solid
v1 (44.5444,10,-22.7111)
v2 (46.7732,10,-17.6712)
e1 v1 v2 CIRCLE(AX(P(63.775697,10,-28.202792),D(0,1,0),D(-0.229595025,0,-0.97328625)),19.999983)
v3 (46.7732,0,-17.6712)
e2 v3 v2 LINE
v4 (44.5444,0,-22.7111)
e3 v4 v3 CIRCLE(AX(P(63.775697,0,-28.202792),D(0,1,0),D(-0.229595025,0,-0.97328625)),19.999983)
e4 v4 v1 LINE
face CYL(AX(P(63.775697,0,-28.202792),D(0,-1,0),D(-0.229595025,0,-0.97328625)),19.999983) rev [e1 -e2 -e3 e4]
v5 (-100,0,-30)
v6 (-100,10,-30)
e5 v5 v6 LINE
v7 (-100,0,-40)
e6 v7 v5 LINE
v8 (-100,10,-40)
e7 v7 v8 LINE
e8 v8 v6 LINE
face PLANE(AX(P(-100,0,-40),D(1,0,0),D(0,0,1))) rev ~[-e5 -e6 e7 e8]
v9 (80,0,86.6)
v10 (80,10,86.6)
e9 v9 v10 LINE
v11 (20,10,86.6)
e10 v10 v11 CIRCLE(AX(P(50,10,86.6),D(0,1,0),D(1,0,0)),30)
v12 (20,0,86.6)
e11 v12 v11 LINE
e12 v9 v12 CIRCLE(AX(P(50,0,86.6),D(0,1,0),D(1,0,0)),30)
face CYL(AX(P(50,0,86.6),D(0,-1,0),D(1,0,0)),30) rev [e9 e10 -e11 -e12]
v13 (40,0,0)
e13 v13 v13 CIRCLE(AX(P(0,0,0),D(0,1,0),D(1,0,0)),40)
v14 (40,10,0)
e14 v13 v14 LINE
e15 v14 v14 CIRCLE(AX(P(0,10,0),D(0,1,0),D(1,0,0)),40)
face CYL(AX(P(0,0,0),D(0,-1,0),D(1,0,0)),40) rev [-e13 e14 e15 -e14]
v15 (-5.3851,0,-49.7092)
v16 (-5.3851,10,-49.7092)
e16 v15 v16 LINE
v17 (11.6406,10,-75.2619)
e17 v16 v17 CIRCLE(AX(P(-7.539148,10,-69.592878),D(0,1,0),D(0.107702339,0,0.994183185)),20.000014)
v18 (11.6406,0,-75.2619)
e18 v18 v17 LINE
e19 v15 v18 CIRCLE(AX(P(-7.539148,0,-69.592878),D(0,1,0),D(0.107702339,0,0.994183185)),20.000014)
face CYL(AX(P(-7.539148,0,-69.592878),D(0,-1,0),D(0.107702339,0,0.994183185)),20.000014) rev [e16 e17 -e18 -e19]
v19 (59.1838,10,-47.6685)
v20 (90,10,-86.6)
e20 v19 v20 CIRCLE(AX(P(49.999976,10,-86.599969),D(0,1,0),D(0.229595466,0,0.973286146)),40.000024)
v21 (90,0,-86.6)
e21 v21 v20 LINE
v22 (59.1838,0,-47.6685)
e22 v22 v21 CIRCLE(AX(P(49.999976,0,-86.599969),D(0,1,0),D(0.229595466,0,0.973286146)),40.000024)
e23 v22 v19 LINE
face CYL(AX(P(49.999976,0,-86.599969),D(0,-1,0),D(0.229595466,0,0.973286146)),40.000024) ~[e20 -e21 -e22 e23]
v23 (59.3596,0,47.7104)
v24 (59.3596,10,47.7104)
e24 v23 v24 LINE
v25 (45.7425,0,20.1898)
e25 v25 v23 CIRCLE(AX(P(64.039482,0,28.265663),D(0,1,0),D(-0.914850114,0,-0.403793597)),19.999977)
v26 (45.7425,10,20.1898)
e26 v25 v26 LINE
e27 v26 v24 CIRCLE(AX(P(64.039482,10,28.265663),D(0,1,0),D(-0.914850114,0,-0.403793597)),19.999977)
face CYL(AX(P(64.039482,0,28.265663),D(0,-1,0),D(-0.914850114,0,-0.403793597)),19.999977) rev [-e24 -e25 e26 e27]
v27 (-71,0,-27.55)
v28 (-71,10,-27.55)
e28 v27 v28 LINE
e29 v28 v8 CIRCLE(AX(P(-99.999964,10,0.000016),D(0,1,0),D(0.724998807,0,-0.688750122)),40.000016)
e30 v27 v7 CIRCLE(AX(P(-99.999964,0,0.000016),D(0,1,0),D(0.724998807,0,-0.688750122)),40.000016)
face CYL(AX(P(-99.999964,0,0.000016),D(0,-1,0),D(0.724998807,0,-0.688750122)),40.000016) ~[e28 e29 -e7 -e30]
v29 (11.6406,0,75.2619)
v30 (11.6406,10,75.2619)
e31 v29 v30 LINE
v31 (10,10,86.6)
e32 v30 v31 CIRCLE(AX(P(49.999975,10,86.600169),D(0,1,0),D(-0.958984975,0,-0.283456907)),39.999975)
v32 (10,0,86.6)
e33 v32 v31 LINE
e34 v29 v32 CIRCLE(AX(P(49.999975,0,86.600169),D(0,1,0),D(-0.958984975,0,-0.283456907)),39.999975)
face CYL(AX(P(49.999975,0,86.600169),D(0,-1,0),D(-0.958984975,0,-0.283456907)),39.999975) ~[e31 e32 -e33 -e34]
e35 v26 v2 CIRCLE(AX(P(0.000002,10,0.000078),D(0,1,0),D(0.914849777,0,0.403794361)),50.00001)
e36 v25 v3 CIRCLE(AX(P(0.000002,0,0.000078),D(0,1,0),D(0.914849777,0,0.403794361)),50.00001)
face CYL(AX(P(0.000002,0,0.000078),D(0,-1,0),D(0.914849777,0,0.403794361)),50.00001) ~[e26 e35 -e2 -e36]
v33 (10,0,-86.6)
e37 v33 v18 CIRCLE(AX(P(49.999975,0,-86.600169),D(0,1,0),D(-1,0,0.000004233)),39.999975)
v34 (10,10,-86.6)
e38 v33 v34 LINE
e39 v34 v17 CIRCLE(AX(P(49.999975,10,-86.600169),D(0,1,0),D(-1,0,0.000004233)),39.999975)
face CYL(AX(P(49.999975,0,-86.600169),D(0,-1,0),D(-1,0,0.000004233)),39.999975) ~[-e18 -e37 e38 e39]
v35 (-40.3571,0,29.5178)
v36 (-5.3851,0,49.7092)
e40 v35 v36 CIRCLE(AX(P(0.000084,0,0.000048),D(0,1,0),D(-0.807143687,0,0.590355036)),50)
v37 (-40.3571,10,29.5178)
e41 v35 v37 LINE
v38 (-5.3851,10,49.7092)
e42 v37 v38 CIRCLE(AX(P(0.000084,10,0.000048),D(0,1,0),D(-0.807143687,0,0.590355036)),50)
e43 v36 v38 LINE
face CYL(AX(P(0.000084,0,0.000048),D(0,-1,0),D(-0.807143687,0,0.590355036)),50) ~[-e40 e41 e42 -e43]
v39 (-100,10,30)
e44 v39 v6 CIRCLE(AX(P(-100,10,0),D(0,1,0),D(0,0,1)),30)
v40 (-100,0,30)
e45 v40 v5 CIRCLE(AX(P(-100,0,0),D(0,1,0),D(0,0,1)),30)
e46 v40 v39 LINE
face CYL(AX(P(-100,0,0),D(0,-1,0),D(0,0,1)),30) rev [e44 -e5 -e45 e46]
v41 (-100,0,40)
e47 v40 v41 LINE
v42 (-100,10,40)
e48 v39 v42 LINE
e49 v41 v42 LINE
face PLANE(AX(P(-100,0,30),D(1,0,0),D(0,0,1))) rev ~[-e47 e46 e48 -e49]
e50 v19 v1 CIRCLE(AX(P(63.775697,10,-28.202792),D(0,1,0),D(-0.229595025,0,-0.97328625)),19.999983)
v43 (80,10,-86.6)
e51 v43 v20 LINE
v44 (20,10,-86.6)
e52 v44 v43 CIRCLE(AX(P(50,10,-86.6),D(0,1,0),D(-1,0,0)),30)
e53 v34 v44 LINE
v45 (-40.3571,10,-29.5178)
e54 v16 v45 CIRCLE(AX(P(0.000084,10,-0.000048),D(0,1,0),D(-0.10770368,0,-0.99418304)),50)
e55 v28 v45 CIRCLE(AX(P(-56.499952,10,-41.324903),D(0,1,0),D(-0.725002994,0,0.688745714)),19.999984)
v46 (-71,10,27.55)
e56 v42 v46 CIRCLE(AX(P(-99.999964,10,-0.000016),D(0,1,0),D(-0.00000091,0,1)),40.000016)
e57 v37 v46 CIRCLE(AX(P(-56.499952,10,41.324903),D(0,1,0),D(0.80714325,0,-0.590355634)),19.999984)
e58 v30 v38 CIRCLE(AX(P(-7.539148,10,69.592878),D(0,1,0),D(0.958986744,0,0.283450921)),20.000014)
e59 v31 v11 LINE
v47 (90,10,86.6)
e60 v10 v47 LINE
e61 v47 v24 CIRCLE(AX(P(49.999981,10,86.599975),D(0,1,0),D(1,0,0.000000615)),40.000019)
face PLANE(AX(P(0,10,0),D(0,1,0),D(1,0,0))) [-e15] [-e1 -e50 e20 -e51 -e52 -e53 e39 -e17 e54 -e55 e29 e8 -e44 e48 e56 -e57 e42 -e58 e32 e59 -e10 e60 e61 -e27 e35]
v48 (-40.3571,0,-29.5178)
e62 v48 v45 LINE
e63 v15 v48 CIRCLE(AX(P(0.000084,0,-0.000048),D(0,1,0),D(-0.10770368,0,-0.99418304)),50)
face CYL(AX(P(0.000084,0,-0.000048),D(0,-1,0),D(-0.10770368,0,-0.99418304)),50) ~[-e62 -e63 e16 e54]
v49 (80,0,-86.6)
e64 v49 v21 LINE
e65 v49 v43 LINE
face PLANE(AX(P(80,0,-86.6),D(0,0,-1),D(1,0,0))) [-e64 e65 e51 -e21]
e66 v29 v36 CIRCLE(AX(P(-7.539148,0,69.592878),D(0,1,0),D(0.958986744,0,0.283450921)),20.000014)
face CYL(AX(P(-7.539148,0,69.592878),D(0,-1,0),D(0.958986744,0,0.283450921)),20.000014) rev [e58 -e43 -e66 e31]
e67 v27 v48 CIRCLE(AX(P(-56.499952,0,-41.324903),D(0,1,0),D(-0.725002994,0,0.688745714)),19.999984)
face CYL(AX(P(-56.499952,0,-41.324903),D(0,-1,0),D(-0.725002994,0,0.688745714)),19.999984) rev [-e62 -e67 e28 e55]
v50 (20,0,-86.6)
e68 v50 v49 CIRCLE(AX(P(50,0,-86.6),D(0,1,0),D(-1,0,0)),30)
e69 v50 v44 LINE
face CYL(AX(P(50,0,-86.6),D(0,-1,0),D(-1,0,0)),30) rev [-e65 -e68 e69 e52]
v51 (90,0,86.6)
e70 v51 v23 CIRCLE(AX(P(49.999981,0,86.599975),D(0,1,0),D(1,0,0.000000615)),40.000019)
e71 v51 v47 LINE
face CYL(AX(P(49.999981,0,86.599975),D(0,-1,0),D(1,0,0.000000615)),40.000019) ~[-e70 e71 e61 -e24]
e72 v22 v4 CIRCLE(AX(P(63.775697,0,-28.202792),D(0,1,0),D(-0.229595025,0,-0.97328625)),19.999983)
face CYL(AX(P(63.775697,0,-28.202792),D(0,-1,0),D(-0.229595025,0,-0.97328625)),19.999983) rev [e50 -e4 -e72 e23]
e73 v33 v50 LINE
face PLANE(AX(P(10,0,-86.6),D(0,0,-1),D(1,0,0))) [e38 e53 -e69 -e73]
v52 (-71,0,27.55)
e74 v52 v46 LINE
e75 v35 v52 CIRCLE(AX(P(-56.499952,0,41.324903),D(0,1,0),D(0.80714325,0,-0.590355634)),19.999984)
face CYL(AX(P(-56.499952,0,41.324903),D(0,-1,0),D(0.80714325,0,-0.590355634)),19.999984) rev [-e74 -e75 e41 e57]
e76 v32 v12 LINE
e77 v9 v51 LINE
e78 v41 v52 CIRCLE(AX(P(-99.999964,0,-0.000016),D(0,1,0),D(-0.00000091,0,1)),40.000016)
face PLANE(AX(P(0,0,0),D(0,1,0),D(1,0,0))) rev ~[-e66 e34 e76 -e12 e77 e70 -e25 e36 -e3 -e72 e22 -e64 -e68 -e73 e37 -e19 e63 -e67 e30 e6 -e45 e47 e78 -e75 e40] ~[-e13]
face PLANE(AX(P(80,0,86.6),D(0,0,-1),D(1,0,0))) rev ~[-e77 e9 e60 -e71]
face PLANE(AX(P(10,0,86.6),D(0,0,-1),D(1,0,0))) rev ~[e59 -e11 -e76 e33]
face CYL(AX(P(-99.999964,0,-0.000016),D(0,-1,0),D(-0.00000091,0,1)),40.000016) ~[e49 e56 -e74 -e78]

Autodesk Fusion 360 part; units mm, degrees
sketch "Sketch1" plane through (0, 0, 0) normal (0, 1, 0) x (1, 0, 0)
  circle A0 centre (0, 0) radius 40
  arc A1 (59.1838, 47.6685) -> (46.7732, 17.6712) centre (63.7757, 28.2028) ccw
  arc A2 (-71, 27.55) -> (-40.3571, 29.5178) centre (-56.5, 41.3249) ccw
  arc A3 (-5.3851, 49.7092) -> (11.6406, 75.2619) centre (-7.5392, 69.5928) ccw
  arc A4 (-40.3571, -29.5178) -> (-71, -27.55) centre (-56.5, -41.3249) ccw
  arc A5 (11.6406, -75.2619) -> (-5.3851, -49.7092) centre (-7.5392, -69.5928) ccw
  arc A6 (45.7425, -20.1898) -> (59.3596, -47.7104) centre (64.0395, -28.2657) ccw
  arc A7 (-40.3571, -29.5178) -> (-5.3851, -49.7092) centre (0, 0) ccw
  arc A8 (45.7425, -20.1898) -> (44.5444, 22.7111) centre (0, 0) ccw
  arc A9 (-5.3851, 49.7092) -> (-40.3571, 29.5178) centre (0, 0) ccw
  arc A10 (-71, 27.55) -> (-100, 40) centre (-100, 0) ccw
  arc A11 (-100, -40) -> (-71, -27.55) centre (-100, 0) ccw
  arc A12 (-100, -30) -> (-100, 30) centre (-100, 0) ccw
  arc A13 (11.6406, -75.2619) -> (10, -86.6) centre (50, -86.6) ccw
  arc A14 (90, -86.6) -> (59.3596, -47.7104) centre (50, -86.6) ccw
  arc A15 (80, -86.6) -> (20, -86.6) centre (50, -86.6) ccw
  arc A16 (59.1838, 47.6685) -> (90, 86.6) centre (50, 86.6) ccw
  arc A17 (10, 86.6) -> (11.6406, 75.2619) centre (50, 86.6) ccw
  arc A18 (20, 86.6) -> (80, 86.6) centre (50, 86.6) ccw
  line L0 (10, 86.6) -> (90, 86.6)
  line L1 (-100, 40) -> (-100, -40)
  line L2 (10, -86.6) -> (90, -86.6)
  point P0 (50, 86.6)
  point P1 (50, -86.6)
  point P2 (50, 86.6)
  dimension "d1" = 80
  dimension "d2" = 100
  dimension "d3" = 60
  dimension "d4" = 80
  dimension "d5" = 60
  dimension "d6" = 80
  dimension "d9" = 50
  dimension "d10" = 86.6
  dimension "d13" = 60
  dimension "d14" = 80
  dimension "d15" = 100
  dimension "d16" = 50
  dimension "d17" = 86.6
  dimension "d18" = 20
extrude "Extrude1" add sketch "Sketch1" along normal blind 10 contours A1 A2 A3 A4 A5 A6 A7 A8 A9 A10 A11 A12 A13 A14 A15 A16 A17 A18 L0 L1 L2
